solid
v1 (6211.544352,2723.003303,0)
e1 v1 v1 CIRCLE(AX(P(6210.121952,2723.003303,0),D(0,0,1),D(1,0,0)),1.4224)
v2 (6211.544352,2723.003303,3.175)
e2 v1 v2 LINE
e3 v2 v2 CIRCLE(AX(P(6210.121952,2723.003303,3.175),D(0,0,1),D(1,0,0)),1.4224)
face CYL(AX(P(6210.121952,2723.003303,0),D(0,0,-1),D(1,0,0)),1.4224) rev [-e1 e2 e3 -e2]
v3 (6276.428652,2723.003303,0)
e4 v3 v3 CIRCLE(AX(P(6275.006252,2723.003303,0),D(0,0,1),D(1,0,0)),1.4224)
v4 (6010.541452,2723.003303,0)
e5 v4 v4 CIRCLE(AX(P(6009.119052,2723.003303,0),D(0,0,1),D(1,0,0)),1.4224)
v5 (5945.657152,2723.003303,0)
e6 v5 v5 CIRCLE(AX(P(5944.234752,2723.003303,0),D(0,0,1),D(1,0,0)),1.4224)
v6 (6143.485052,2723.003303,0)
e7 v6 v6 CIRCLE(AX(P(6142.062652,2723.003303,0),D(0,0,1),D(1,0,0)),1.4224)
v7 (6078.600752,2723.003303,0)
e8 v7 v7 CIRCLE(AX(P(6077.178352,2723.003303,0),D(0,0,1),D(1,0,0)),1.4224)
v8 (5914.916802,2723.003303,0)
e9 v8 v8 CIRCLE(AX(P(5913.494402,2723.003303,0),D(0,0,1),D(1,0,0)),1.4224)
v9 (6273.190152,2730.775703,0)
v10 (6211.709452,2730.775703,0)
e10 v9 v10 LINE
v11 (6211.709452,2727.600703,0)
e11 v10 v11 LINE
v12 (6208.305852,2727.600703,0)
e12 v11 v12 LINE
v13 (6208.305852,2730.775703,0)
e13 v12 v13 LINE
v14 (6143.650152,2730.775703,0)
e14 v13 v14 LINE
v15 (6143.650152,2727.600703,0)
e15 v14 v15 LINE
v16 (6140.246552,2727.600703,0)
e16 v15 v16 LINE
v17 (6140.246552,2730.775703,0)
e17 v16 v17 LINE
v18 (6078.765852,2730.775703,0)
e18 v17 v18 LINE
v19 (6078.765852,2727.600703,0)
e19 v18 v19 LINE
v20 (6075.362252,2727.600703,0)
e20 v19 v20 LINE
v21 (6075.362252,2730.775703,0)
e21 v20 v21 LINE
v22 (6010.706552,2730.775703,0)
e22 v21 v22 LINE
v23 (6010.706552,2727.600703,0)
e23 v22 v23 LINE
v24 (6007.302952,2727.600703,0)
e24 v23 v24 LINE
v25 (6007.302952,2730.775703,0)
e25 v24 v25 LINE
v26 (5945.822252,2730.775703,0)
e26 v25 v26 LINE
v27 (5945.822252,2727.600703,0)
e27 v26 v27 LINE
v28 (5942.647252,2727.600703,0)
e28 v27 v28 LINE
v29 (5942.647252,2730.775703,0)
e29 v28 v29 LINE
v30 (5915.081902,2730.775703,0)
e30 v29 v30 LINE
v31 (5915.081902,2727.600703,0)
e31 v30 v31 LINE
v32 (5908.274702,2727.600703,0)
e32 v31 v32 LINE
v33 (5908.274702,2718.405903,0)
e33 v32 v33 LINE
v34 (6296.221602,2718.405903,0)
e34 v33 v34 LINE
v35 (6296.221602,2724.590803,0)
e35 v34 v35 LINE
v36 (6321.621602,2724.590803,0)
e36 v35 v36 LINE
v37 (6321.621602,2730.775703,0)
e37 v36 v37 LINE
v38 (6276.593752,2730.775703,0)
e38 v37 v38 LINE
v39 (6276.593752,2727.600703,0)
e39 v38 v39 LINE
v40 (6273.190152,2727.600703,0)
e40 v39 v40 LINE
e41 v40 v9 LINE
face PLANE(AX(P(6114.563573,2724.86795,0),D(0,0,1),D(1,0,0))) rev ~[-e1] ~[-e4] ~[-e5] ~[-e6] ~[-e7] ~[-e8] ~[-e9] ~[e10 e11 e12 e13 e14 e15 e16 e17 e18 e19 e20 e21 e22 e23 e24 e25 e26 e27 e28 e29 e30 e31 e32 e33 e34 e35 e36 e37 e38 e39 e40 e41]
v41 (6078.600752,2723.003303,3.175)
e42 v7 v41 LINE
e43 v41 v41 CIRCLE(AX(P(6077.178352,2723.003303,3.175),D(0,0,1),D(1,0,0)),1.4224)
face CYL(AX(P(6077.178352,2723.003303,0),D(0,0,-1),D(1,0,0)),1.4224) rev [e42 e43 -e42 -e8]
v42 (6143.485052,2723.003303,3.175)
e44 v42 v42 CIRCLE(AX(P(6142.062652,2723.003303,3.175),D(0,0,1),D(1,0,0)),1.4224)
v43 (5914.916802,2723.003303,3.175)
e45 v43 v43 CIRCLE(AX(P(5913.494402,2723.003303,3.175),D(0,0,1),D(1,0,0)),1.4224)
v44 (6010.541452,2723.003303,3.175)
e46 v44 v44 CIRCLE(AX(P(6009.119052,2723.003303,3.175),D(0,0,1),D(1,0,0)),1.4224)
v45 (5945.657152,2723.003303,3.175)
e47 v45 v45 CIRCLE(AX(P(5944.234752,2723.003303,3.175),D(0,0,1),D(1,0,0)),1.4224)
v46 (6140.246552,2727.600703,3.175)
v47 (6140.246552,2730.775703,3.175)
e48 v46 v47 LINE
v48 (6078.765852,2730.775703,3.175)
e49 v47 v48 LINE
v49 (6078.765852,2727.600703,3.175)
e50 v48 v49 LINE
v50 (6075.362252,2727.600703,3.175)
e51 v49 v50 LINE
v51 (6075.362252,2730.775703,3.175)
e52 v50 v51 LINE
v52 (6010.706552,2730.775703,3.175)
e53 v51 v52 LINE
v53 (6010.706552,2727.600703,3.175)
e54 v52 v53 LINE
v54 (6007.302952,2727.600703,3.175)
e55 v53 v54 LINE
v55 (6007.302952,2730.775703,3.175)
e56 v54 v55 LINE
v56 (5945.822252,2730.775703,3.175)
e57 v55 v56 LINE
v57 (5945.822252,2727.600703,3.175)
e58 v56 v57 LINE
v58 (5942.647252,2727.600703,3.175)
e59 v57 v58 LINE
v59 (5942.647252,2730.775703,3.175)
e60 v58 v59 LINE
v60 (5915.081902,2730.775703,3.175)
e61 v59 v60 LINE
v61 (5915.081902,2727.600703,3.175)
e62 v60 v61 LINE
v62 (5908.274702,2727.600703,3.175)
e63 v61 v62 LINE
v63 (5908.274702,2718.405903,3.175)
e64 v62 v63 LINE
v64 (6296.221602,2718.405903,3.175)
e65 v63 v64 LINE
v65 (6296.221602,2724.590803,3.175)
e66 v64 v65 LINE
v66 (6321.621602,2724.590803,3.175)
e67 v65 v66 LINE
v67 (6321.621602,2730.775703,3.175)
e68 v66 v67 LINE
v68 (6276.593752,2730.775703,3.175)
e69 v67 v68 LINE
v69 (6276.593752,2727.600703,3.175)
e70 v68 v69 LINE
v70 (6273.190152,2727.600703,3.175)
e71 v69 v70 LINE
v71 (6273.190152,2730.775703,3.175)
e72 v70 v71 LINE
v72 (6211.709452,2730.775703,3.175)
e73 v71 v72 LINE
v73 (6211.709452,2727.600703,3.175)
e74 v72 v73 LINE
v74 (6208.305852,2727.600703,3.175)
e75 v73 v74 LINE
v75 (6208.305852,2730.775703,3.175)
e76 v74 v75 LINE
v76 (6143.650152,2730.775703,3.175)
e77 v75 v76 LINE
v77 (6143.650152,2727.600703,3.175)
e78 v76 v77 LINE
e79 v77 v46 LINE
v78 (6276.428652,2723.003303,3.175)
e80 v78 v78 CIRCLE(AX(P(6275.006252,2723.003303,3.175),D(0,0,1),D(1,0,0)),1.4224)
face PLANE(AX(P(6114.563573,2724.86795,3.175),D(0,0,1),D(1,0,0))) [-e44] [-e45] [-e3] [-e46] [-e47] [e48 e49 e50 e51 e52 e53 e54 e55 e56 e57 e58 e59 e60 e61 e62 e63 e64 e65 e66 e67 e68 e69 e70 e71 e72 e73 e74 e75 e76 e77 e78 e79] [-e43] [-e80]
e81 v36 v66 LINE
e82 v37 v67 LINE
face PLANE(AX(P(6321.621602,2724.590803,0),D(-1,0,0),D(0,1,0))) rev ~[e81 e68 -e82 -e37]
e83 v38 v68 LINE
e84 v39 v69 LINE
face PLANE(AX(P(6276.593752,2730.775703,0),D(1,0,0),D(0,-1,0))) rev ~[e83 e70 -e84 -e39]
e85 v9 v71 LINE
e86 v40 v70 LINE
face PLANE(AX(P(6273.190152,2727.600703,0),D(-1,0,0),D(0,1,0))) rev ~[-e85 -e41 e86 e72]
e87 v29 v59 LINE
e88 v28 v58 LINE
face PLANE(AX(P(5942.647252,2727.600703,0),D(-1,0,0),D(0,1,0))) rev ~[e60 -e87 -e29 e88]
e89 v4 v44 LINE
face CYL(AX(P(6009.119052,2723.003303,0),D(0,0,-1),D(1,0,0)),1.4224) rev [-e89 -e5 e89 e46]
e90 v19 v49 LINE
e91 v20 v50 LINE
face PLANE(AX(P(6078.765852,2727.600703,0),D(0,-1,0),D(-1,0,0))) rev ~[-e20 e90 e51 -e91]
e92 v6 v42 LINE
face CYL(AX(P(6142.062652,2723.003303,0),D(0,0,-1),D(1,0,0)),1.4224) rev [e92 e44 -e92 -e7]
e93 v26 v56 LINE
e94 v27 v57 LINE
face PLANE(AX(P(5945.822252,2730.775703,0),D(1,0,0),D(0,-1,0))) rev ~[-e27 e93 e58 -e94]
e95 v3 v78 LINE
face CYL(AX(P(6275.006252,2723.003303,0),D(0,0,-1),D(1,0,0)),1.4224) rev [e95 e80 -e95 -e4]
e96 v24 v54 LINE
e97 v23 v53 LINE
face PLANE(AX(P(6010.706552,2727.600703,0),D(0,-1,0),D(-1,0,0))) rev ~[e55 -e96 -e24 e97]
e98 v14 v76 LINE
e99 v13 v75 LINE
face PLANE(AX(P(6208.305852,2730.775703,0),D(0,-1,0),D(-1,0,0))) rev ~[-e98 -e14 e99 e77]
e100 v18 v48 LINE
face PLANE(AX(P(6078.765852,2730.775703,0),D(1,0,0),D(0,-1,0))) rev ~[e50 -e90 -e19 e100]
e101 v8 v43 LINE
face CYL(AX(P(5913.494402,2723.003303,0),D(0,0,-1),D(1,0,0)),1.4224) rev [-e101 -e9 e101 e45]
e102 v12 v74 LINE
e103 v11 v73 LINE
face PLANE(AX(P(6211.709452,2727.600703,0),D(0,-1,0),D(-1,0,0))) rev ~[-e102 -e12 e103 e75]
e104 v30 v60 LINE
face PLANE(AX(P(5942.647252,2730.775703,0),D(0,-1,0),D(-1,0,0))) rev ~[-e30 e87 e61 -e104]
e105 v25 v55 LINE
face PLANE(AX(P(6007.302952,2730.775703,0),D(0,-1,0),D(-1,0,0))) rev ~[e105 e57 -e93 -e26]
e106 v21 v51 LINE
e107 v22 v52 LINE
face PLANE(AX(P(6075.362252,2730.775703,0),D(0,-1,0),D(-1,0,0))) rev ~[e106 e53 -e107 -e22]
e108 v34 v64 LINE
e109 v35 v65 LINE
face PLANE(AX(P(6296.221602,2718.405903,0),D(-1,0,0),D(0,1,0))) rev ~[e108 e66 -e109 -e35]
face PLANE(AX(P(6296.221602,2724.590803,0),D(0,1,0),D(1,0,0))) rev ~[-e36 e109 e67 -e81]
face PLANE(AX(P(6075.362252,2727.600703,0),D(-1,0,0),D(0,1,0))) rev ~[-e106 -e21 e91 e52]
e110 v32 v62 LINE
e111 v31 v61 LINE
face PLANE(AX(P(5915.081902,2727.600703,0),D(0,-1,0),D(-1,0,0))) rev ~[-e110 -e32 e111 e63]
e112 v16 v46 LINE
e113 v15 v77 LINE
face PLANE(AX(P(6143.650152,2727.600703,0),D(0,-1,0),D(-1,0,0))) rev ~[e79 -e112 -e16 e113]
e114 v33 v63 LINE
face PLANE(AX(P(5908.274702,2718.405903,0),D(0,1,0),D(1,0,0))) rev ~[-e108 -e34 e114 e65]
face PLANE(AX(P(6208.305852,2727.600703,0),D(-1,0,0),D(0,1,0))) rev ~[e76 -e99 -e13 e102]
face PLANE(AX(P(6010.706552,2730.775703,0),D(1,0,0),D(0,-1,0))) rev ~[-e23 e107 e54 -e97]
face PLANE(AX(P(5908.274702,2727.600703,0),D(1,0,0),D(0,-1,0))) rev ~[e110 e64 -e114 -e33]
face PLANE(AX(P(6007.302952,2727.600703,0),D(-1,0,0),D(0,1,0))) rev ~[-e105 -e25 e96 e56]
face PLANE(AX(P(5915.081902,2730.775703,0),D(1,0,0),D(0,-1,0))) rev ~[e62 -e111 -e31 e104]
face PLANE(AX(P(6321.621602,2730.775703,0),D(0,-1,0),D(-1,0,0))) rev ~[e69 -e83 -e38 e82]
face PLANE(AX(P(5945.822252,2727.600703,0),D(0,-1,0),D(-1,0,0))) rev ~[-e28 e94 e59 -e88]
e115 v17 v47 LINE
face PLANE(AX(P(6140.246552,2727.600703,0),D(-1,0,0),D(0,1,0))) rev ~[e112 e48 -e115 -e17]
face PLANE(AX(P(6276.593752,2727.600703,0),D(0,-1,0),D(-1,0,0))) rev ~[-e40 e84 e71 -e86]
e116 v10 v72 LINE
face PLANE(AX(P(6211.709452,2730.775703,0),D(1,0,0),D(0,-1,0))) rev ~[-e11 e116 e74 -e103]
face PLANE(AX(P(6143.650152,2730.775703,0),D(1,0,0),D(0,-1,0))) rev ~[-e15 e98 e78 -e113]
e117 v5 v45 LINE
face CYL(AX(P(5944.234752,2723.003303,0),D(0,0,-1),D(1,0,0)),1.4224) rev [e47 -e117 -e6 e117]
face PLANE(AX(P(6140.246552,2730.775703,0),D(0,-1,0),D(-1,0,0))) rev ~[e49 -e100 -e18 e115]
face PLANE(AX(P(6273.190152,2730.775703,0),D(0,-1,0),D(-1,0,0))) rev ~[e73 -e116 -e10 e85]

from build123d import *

# Parameters (mm, degrees)
SKETCH1_R           = 1.4224
BOSS_EXTRUDE1_DEPTH = 3.175


with BuildPart() as part:
    # Sketch1 → Boss-Extrude1 (new body)
    with BuildSketch(Plane.XY):
        Polygon((5915.081902132, 2730.775703183), (5915.081902132, 2727.600703183), (5908.274702132, 2727.600703183), (5908.274702132, 2718.405903183), (6296.221602132, 2718.405903183), (6296.221602132, 2724.590803183), (6321.621602132, 2724.590803183), (6321.621602132, 2730.775703183), (6276.593752132, 2730.775703183), (6276.593752132, 2727.600703184), (6273.190152132, 2727.600703184), (6273.190152132, 2730.775703183), (6211.709452132, 2730.775703183), (6211.709452132, 2727.600703184), (6208.305852132, 2727.600703184), (6208.305852132, 2730.775703183), (6143.650152132, 2730.775703183), (6143.650152132, 2727.600703184), (6140.246552132, 2727.600703184), (6140.246552132, 2730.775703183), (6078.765852132, 2730.775703183), (6078.765852132, 2727.600703183), (6075.362252132, 2727.600703183), (6075.362252132, 2730.775703183), (6010.706552132, 2730.775703183), (6010.706552132, 2727.600703183), (6007.302952132, 2727.600703183), (6007.302952132, 2730.775703183), (5945.822252132, 2730.775703183), (5945.822252132, 2727.600703183), (5942.647252132, 2727.600703183), (5942.647252132, 2730.775703183), align=None)
        with Locations((5944.234752132, 2723.003303183)):
            Circle(SKETCH1_R, mode=Mode.SUBTRACT)
        with Locations((6009.119052132, 2723.003303183)):
            Circle(SKETCH1_R, mode=Mode.SUBTRACT)
        with Locations((6077.178352132, 2723.003303183)):
            Circle(SKETCH1_R, mode=Mode.SUBTRACT)
        with Locations((6142.062652132, 2723.003303183)):
            Circle(SKETCH1_R, mode=Mode.SUBTRACT)
        with Locations((6210.121952132, 2723.003303183)):
            Circle(SKETCH1_R, mode=Mode.SUBTRACT)
        with Locations((6275.006252132, 2723.003303183)):
            Circle(SKETCH1_R, mode=Mode.SUBTRACT)
        with Locations((5913.494402132, 2723.003303183)):
            Circle(SKETCH1_R, mode=Mode.SUBTRACT)
    extrude(amount=BOSS_EXTRUDE1_DEPTH)


solid = part.part
